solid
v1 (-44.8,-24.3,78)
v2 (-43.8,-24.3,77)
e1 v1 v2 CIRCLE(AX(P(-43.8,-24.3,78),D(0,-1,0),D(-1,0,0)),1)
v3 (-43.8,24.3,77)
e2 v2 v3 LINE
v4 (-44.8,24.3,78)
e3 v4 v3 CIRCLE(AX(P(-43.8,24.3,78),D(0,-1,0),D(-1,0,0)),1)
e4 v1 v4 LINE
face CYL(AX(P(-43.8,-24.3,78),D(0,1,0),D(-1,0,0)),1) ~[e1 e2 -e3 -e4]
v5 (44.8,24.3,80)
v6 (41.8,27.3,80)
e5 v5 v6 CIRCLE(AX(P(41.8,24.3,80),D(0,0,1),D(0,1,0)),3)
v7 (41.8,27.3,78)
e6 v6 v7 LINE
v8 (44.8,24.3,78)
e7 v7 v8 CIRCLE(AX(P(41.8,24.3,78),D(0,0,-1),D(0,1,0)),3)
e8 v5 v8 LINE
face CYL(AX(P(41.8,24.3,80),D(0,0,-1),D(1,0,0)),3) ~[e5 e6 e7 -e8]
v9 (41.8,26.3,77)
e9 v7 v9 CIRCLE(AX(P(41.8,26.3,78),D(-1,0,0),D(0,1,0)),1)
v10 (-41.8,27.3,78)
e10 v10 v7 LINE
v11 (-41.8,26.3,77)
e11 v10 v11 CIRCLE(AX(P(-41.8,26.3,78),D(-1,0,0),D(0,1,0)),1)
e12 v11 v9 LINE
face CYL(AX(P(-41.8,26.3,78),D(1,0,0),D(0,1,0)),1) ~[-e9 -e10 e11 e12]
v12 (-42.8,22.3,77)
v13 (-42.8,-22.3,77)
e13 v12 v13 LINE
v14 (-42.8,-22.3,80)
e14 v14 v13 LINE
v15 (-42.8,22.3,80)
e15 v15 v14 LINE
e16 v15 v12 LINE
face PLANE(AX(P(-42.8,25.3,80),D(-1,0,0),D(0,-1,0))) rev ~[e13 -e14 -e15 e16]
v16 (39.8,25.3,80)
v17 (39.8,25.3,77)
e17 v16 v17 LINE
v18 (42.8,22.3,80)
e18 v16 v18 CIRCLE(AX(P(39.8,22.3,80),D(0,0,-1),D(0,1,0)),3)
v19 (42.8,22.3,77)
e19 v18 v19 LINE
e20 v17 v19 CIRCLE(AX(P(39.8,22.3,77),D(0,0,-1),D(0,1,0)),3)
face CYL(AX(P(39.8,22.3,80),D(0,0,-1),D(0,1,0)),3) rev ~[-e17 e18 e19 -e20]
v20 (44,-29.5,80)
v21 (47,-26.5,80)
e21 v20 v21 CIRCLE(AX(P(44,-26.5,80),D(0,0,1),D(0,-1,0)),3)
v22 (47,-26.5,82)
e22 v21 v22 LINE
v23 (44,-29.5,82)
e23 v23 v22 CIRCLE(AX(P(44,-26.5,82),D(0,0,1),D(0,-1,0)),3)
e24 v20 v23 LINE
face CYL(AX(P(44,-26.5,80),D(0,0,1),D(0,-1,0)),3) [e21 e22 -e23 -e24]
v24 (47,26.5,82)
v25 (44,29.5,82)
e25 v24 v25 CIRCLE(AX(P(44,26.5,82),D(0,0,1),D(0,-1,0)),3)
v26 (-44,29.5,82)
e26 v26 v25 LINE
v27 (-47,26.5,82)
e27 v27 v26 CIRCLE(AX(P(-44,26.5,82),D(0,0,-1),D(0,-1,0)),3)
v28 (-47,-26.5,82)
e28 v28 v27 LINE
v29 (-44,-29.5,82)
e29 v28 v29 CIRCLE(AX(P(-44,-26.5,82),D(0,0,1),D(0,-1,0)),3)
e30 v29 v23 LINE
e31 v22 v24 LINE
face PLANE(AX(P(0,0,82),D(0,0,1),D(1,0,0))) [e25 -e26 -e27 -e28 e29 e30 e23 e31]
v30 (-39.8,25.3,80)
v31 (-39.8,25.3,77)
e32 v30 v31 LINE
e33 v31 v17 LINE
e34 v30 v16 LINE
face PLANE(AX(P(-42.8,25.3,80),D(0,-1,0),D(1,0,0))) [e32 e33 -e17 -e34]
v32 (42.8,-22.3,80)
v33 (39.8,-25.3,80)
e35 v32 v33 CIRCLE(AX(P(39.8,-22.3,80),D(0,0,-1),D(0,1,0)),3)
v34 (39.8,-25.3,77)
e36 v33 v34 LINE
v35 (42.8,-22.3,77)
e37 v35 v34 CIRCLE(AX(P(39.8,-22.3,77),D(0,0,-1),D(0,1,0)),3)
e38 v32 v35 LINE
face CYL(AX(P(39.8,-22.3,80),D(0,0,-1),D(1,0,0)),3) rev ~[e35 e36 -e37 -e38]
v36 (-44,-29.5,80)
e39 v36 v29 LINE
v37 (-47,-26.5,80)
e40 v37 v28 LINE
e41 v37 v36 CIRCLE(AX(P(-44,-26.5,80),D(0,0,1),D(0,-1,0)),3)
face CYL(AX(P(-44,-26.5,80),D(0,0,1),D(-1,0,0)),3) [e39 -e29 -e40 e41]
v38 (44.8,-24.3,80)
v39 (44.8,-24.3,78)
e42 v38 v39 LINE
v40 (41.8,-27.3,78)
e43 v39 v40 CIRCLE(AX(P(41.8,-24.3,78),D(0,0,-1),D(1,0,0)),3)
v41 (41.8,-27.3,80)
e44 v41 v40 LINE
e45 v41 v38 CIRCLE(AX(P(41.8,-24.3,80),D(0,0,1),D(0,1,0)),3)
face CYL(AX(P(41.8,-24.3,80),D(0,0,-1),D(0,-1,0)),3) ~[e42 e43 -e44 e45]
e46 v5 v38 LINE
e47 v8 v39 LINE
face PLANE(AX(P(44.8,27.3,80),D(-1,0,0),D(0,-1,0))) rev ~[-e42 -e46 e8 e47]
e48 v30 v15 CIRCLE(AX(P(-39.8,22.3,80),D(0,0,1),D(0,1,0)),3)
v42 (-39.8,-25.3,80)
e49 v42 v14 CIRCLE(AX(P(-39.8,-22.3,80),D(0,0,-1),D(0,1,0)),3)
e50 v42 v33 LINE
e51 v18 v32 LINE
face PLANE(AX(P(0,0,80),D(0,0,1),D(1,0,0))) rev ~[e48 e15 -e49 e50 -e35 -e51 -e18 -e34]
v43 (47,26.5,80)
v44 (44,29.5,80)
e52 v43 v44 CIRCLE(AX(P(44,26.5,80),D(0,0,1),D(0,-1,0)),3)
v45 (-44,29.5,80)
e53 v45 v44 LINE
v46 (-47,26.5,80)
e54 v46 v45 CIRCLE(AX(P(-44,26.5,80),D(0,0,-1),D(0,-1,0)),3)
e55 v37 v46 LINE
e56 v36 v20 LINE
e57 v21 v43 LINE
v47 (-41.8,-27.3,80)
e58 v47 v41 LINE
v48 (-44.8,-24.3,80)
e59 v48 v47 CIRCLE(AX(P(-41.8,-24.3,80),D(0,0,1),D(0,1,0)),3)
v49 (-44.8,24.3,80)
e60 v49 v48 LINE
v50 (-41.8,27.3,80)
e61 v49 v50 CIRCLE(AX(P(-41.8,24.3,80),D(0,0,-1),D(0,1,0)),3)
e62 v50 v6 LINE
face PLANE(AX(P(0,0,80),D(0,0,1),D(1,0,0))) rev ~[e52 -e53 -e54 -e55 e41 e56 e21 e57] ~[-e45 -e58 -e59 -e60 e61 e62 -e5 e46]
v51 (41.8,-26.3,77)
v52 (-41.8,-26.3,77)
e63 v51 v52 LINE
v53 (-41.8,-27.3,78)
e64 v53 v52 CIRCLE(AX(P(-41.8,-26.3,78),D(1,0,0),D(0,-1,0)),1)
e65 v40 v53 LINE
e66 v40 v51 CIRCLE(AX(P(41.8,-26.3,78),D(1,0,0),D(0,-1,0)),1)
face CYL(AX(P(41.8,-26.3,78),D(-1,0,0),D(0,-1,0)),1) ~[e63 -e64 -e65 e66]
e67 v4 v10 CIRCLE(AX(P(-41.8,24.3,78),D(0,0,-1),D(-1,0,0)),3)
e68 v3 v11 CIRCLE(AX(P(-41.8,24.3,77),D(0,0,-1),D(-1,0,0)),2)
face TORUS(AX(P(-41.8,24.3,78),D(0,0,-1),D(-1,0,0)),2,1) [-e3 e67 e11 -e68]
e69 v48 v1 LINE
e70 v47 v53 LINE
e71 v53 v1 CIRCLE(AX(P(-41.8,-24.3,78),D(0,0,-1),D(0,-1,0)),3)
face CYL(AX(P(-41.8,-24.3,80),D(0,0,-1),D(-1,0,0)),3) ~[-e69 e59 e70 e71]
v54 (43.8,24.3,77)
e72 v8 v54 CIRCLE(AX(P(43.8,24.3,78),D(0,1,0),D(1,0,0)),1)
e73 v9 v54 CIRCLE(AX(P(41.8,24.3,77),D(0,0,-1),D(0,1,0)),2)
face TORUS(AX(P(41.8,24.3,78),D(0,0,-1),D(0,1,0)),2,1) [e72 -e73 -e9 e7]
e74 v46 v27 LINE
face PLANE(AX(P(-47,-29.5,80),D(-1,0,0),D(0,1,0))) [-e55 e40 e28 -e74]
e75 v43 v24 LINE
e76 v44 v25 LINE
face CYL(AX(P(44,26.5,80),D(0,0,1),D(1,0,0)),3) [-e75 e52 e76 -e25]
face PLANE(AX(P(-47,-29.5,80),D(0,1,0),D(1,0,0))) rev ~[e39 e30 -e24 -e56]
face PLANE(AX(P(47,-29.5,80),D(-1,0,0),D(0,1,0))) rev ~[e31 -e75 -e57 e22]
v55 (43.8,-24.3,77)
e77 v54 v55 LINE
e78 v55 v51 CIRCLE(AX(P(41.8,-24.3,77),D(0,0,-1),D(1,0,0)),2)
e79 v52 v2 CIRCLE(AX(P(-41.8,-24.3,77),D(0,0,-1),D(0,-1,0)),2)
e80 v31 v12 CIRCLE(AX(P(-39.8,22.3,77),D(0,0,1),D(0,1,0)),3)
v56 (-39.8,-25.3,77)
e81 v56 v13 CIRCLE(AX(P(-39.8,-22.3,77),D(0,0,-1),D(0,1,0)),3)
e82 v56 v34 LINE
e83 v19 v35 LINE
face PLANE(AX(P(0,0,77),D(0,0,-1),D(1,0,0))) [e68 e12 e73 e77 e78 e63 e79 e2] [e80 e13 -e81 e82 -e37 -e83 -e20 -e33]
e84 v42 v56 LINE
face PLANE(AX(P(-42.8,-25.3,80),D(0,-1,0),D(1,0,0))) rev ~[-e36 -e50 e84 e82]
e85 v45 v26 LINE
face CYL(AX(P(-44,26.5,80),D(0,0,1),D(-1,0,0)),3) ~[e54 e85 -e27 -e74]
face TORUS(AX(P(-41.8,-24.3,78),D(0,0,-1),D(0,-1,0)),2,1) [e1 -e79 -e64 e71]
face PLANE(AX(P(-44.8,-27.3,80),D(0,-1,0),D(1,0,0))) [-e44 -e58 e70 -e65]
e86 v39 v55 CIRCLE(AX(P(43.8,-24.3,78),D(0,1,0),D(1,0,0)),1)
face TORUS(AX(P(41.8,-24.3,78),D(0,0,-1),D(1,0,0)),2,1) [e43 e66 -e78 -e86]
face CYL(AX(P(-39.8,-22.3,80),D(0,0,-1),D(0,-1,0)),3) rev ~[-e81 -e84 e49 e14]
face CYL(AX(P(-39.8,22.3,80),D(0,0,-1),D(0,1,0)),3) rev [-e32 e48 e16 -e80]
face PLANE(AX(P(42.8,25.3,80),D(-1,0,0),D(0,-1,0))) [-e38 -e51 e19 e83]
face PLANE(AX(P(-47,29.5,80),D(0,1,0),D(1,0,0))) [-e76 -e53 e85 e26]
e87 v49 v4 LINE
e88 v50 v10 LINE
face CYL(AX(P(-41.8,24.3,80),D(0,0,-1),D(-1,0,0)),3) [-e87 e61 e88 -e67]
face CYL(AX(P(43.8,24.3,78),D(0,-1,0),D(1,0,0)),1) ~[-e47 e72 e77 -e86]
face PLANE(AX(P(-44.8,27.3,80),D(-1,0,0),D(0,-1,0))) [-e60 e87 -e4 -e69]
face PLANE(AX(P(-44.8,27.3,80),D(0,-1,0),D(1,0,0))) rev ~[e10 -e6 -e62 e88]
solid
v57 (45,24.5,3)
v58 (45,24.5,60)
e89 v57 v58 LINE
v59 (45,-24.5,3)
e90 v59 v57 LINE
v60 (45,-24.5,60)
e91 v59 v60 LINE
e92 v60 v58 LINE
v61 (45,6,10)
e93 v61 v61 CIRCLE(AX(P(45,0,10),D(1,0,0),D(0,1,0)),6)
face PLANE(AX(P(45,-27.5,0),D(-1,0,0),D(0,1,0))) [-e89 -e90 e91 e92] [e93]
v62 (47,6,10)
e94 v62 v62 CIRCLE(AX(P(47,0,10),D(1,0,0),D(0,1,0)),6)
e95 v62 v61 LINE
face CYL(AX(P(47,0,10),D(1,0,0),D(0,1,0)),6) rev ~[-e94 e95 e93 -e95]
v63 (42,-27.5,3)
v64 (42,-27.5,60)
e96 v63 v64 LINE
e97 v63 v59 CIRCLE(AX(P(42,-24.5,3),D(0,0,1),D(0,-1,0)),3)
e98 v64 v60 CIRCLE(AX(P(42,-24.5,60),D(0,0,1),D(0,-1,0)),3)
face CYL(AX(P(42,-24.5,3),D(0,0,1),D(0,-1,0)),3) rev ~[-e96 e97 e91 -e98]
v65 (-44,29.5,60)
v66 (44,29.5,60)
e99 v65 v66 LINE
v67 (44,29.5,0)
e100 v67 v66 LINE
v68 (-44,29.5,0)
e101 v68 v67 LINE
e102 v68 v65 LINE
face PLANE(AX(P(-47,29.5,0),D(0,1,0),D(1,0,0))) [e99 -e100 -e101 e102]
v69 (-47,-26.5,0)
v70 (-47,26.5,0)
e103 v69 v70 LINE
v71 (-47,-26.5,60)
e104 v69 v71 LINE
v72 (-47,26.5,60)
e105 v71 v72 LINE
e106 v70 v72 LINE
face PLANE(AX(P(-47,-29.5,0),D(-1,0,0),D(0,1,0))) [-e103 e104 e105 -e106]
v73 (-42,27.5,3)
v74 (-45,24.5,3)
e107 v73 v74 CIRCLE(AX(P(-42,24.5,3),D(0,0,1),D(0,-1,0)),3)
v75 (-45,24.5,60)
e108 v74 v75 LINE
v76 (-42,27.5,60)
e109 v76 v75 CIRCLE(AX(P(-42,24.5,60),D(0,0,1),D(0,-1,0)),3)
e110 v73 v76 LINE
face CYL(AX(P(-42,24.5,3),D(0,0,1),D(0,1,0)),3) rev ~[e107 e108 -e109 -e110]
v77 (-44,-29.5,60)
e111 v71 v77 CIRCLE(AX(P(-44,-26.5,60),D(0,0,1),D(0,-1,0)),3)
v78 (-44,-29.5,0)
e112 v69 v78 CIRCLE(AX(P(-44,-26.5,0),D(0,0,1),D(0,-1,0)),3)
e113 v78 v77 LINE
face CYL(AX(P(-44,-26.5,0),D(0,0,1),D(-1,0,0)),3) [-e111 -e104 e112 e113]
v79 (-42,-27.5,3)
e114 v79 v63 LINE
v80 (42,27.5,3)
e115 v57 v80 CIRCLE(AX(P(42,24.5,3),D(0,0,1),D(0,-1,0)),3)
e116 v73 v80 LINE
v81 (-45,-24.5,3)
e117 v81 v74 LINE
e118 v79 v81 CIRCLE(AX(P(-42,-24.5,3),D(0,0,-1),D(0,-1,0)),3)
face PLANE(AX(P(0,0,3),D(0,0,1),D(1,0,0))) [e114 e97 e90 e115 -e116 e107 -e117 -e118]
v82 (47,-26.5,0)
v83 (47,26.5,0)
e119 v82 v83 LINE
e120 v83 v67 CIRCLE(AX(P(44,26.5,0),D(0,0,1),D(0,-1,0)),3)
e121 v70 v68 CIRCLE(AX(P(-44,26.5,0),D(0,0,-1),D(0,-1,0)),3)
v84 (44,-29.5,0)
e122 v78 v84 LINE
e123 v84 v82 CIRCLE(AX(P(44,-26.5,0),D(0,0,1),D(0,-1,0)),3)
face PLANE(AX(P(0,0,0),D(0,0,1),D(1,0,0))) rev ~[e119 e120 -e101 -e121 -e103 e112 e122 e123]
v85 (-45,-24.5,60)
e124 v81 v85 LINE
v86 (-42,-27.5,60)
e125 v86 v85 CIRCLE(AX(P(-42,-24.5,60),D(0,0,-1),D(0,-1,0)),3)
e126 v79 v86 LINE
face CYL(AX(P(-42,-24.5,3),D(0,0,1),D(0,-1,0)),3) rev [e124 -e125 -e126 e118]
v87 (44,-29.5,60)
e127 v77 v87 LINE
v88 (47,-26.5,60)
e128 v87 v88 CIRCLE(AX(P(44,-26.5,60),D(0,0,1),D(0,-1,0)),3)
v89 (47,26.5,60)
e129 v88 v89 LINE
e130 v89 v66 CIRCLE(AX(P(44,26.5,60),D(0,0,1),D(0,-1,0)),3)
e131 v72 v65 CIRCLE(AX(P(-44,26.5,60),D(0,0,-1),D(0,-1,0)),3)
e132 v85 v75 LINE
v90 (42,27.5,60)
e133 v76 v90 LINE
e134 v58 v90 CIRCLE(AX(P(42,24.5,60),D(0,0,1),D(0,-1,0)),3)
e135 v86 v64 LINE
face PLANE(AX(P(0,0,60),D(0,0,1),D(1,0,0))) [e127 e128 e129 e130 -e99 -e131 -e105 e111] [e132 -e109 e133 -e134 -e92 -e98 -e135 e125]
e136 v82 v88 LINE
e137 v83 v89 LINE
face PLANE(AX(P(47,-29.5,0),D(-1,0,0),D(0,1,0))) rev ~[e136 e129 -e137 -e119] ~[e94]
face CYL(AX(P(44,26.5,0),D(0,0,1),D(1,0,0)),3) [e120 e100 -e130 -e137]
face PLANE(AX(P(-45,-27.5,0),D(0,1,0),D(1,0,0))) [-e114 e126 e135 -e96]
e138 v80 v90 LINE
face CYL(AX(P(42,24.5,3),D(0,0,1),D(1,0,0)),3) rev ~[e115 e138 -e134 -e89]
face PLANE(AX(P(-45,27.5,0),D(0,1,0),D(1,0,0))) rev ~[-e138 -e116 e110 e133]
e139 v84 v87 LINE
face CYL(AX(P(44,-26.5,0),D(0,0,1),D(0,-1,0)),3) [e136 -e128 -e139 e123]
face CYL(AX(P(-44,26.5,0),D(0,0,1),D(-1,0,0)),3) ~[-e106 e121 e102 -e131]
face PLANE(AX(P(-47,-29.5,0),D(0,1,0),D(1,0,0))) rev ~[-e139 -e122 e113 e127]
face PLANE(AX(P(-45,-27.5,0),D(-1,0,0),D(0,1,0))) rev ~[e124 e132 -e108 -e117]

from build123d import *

# Parameters (mm, degrees)
F0_W      = 94
F0_H      = 59
F0_W_2    = 90
F0_H_2    = 55
F1_DEPTH  = 60
F2_DEPTH  = 3
F3_R      = 6
F4_DEPTH  = 5
F5_R      = 3
F7_W      = 94
F7_H      = 59
F7_W_2    = 90
F7_H_2    = 55
F8_DEPTH  = 2
F9_R      = 3
F10_W     = 89.6
F10_H     = 54.6
F10_W_2   = 85.6
F10_H_2   = 50.6
F11_DEPTH = 3
F12_R     = 3
F13_R     = 1


with BuildPart() as f1:
    # F0 (on Top) → F1 (new body)
    with BuildSketch(Plane.XY):
        Rectangle(F0_W, F0_H)
        Rectangle(F0_W_2, F0_H_2, mode=Mode.SUBTRACT)
    extrude(amount=F1_DEPTH)

    # F0 (on Top) → F2 (join)
    with BuildSketch(Plane.XY):
        Rectangle(F0_W_2, F0_H_2)
    extrude(amount=F2_DEPTH)

    # F3 (on face) → F4 (cut)
    with BuildSketch(Plane.YZ.offset(47)):
        with Locations((0, 10)):
            Circle(F3_R)
    extrude(amount=-F4_DEPTH, mode=Mode.SUBTRACT)

    # F5
    f5_edges = [f1.edges().sort_by_distance(p)[0] for p in [
        (47, -29.5, 30),
        (47, 29.5, 30),
        (-47, 29.5, 30),
        (-47, -29.5, 30),
        (-45, 27.5, 31.5),
        (-45, -27.5, 31.5),
        (45, 27.5, 31.5),
        (45, -27.5, 31.5),
    ]]
    fillet(f5_edges, radius=F5_R)


with BuildPart() as f8:
    # F7 (on offset) → F8 (new body)
    with BuildSketch(Plane.XY.offset(80)):
        Rectangle(F7_W, F7_H)
        Rectangle(F7_W_2, F7_H_2, mode=Mode.SUBTRACT)
        Rectangle(F7_W_2, F7_H_2)
    extrude(amount=F8_DEPTH)

    # F9
    f9_edges = [f8.edges().sort_by_distance(p)[0] for p in [
        (-47, 29.5, 81),
        (-47, -29.5, 81),
        (47, -29.5, 81),
        (47, 29.5, 81),
    ]]
    fillet(f9_edges, radius=F9_R)

    # F10 (on face) → F11 (join)
    with BuildSketch(Plane(origin=(0, 0, 80), x_dir=(1, 0, 0), z_dir=(0, 0, -1))):
        Rectangle(F10_W, F10_H)
        Rectangle(F10_W_2, F10_H_2, mode=Mode.SUBTRACT)
    extrude(amount=F11_DEPTH)

    # F12
    f12_edges = [f8.edges().sort_by_distance(p)[0] for p in [
        (44.8, -27.3, 78.5),
        (-44.8, -27.3, 78.5),
        (42.8, -25.3, 78.5),
        (44.8, 27.3, 78.5),
        (-42.8, -25.3, 78.5),
        (-44.8, 27.3, 78.5),
        (42.8, 25.3, 78.5),
        (-42.8, 25.3, 78.5),
    ]]
    fillet(f12_edges, radius=F12_R)

    # F13
    f13_edges = [f8.edges().sort_by_distance(p)[0] for p in [
        (0, 27.3, 77),
        (-43.92132, 26.42132, 77),
        (-44.8, 0, 77),
        (-43.92132, -26.42132, 77),
        (0, -27.3, 77),
        (44.8, 0, 77),
        (43.92132, -26.42132, 77),
        (43.92132, 26.42132, 77),
    ]]
    fillet(f13_edges, radius=F13_R)


solid = Compound([f1.part, f8.part])
